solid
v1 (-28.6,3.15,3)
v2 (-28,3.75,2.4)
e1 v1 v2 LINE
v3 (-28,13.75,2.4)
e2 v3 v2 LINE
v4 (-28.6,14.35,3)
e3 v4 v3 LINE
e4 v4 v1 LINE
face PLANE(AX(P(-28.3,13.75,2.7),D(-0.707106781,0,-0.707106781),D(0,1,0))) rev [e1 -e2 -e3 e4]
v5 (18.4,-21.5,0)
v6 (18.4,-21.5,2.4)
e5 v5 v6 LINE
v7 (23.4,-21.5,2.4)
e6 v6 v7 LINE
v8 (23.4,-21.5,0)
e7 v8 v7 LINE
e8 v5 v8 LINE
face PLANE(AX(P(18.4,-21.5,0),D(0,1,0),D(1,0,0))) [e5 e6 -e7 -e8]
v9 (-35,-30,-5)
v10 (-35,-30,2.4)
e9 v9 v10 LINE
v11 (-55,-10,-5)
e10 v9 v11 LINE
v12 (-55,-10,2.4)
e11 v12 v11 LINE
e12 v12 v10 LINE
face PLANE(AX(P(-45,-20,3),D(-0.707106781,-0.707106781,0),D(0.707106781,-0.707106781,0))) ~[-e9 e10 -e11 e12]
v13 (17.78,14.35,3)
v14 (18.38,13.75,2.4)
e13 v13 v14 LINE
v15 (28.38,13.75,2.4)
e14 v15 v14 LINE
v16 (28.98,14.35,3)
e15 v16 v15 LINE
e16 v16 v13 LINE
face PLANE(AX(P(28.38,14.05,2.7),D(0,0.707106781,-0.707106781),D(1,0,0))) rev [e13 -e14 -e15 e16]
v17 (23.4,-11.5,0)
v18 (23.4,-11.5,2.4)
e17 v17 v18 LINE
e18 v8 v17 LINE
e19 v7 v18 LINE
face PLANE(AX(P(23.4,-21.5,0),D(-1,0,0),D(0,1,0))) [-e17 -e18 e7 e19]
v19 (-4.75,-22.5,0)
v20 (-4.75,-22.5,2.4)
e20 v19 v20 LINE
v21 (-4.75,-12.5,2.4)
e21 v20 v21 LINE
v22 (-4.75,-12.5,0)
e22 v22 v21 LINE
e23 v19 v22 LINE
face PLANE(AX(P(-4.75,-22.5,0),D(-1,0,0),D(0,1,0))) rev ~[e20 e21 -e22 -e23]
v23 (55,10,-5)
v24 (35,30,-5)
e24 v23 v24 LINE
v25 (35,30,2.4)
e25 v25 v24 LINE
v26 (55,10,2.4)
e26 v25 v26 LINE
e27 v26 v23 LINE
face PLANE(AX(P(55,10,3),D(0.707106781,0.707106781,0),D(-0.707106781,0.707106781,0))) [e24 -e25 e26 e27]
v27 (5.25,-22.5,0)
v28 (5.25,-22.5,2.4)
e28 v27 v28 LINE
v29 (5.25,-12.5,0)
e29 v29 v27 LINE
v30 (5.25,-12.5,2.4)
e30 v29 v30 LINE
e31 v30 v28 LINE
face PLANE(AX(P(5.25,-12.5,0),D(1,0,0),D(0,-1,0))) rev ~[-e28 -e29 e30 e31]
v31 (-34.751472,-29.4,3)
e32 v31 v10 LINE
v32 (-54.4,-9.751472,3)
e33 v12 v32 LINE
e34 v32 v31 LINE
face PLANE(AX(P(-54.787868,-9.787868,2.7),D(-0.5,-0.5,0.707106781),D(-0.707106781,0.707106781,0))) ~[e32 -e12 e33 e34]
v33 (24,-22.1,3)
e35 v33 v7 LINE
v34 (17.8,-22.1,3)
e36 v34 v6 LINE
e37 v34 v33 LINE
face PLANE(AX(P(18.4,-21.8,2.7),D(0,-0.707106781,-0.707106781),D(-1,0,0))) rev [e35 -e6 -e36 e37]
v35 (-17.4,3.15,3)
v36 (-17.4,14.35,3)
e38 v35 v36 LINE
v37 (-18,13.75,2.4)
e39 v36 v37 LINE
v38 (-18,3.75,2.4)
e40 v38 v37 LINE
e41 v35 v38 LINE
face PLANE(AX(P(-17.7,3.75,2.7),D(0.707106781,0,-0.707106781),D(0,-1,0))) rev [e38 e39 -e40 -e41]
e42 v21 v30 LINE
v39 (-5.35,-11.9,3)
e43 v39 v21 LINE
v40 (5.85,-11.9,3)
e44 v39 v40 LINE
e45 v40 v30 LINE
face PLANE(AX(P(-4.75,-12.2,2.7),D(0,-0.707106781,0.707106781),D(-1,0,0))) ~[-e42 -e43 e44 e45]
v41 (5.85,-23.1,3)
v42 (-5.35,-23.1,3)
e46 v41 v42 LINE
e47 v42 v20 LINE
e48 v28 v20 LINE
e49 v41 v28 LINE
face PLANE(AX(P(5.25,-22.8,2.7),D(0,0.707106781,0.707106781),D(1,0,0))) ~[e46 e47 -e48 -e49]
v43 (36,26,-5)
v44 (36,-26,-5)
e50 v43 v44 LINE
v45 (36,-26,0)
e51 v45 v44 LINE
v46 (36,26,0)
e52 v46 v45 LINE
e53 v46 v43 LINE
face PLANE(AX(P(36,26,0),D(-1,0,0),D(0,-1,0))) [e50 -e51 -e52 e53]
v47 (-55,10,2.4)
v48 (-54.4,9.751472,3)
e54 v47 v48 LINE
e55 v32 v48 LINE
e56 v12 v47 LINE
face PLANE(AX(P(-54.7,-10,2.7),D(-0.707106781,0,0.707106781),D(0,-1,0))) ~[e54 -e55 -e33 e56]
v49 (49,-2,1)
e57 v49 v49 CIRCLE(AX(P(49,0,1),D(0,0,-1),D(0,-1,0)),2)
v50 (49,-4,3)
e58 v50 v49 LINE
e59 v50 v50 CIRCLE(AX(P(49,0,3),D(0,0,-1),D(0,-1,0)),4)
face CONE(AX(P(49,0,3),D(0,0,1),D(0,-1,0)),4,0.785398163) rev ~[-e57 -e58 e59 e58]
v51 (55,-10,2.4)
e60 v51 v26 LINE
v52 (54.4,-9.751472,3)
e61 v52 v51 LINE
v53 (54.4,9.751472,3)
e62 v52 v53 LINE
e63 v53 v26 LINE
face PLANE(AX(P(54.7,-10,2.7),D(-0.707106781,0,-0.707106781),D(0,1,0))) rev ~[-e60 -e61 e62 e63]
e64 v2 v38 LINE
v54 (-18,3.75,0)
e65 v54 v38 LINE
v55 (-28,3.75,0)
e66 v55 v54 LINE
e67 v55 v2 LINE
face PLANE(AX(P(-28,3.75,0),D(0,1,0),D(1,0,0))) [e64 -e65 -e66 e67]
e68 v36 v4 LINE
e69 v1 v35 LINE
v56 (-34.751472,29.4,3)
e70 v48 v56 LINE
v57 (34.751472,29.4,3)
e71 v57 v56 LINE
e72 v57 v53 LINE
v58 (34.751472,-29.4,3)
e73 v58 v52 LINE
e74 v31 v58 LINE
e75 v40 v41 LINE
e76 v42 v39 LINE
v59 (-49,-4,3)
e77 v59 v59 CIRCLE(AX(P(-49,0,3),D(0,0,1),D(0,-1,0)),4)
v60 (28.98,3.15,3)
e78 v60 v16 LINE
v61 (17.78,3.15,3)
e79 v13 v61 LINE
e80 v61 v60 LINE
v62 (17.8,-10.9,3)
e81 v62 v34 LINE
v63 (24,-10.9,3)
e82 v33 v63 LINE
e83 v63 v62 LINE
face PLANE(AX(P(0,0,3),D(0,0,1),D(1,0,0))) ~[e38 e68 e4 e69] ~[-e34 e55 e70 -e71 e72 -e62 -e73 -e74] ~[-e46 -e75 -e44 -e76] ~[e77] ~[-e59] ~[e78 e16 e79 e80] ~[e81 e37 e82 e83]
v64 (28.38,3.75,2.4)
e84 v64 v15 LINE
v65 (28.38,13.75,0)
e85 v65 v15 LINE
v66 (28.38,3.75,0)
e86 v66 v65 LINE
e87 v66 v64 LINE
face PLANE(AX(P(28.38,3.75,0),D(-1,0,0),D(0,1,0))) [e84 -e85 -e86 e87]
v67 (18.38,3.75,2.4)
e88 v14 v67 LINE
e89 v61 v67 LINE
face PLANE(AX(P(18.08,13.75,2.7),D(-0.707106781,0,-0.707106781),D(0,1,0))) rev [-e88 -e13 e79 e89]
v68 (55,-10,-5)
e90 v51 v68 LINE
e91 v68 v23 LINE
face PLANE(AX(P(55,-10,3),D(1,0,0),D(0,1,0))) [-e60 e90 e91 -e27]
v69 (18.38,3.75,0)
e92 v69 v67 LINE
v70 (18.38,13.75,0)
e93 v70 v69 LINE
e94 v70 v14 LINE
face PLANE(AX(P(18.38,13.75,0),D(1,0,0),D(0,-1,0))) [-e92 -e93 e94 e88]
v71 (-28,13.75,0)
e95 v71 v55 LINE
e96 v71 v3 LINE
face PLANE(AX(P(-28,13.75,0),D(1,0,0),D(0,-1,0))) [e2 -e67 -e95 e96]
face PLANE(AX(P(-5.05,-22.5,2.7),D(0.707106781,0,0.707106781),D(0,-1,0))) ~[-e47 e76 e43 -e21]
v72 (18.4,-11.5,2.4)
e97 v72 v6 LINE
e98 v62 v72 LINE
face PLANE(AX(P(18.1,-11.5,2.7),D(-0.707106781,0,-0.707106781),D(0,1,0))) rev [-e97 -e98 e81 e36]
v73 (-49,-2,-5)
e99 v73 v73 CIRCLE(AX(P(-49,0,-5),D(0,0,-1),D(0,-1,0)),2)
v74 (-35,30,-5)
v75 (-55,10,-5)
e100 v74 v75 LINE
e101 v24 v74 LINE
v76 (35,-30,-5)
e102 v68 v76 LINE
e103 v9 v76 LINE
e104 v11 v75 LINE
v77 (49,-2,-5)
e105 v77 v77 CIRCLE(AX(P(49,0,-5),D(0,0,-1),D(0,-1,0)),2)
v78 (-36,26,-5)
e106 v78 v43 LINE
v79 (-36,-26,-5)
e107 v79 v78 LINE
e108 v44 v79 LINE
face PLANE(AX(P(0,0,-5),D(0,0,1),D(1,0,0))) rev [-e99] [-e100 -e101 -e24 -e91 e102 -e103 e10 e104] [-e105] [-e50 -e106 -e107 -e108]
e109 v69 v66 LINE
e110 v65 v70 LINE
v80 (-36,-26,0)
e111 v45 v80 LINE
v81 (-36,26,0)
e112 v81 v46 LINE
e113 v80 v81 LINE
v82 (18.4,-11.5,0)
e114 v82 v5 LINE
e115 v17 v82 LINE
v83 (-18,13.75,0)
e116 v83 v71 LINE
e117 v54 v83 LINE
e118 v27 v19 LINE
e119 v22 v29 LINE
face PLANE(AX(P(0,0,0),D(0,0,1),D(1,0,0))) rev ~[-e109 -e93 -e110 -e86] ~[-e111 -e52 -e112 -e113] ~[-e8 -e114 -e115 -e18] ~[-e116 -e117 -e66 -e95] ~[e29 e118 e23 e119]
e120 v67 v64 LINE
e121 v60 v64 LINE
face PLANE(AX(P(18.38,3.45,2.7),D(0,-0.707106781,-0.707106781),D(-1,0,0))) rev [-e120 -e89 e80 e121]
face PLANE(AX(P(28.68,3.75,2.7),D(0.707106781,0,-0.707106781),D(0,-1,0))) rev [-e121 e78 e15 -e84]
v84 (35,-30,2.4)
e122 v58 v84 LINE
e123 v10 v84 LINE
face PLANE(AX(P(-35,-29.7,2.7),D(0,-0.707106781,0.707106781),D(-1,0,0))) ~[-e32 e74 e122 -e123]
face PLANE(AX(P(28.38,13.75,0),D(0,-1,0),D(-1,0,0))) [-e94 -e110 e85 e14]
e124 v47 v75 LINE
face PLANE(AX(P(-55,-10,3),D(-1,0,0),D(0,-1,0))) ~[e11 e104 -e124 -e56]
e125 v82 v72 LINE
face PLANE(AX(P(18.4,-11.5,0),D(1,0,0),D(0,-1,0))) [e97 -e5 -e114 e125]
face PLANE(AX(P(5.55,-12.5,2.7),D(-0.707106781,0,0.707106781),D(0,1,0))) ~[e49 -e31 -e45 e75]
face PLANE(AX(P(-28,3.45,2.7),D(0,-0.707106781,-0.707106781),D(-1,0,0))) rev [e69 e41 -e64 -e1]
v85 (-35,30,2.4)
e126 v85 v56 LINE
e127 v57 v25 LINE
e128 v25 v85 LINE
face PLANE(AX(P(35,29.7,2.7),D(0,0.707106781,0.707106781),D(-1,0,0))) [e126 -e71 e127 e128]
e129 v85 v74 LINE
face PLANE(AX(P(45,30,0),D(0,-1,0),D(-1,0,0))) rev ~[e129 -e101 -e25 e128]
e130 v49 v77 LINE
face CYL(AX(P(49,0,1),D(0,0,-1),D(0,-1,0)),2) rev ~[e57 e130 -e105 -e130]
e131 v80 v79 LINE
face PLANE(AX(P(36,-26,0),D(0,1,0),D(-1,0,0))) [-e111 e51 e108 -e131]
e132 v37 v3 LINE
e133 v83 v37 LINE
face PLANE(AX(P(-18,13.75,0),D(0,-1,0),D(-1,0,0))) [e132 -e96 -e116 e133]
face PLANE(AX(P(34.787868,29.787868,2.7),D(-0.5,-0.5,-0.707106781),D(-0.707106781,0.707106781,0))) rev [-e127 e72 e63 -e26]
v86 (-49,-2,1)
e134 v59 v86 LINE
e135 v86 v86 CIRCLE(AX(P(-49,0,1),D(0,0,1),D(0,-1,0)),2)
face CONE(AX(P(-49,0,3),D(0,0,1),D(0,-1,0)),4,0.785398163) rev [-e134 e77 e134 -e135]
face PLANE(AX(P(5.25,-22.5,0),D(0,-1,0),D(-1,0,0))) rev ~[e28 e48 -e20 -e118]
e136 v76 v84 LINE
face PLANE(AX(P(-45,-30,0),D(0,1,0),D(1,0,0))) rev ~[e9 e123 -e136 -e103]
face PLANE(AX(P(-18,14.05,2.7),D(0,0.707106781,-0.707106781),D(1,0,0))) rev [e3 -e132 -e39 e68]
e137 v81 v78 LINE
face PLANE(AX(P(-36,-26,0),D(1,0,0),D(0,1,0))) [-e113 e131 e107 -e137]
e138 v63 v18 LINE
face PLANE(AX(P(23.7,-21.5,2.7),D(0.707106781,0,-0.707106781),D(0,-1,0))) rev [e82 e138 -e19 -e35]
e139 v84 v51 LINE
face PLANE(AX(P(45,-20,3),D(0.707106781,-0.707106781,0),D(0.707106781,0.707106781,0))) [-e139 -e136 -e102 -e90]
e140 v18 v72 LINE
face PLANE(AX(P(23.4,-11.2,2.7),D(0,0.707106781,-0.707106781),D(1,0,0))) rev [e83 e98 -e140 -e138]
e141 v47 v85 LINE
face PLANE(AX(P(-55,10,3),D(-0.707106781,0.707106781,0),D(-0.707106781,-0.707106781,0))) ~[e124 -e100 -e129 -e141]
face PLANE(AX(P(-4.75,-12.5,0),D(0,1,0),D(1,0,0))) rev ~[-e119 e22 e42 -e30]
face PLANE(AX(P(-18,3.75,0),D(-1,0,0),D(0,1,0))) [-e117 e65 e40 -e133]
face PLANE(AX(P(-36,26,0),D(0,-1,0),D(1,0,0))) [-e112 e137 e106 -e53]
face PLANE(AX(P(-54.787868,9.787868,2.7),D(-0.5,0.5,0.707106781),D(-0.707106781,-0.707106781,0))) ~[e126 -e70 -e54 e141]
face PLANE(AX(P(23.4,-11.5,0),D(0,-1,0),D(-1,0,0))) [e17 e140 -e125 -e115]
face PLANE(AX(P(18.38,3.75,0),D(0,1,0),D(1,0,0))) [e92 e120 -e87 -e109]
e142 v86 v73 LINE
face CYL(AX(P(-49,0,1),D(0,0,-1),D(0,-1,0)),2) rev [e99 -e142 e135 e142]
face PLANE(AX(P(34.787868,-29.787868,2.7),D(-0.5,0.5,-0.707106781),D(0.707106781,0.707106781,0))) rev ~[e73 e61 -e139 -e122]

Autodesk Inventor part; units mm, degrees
ref_plane "YZ Plane" through (0, 0, 0) normal (1, 0, 0) x (0, 1, 0)
ref_plane "XZ Plane" through (0, 0, 0) normal (0, 1, 0) x (-1, 0, 0)
ref_plane "XY Plane" through (0, 0, 0) normal (0, 0, 1) x (1, 0, 0)
sketch "Sketch1" plane through (0, 0, 0) normal (0, 0, 1) x (1, 0, 0)
  line L0 (-28, 3.75) -> (-18, 3.75)
  line L1 (-18, 3.75) -> (-18, 13.75)
  line L2 (-18, 13.75) -> (-28, 13.75)
  line L3 (-28, 13.75) -> (-28, 3.75)
  line L4 (-28, 3.75) -> (-18, 13.75) construction
  line L5 (-18, 3.75) -> (-28, 13.75) construction
  line L6 (18.38, 3.75) -> (28.38, 3.75)
  line L7 (28.38, 3.75) -> (28.38, 13.75)
  line L8 (28.38, 13.75) -> (18.38, 13.75)
  line L9 (18.38, 13.75) -> (18.38, 3.75)
  line L10 (18.38, 3.75) -> (28.38, 13.75) construction
  line L11 (28.38, 3.75) -> (18.38, 13.75) construction
  line L12 (-4.75, -12.5) -> (5.25, -12.5)
  line L13 (5.25, -12.5) -> (5.25, -22.5)
  line L14 (5.25, -22.5) -> (-4.75, -22.5)
  line L15 (-4.75, -22.5) -> (-4.75, -12.5)
  line L16 (-4.75, -12.5) -> (5.25, -22.5) construction
  line L17 (5.25, -12.5) -> (-4.75, -22.5) construction
  circle A0 centre (-23, 8.75) radius 1.925 construction
  circle A1 centre (23.38, 8.75) radius 1.925 construction
  circle A2 centre (0.25, -17.5) radius 1.925 construction
  line L18 (21.5954, -14.7725) -> (21.5954, -18.3725) construction
  line L19 (19.9954, -14.7725) -> (21.5954, -14.7725) construction
  line L20 (19.9954, -18.3725) -> (19.9954, -14.7725) construction
  line L21 (21.5954, -18.3725) -> (19.9954, -18.3725) construction
  line L22 (21.5454, -18.3225) -> (20.0454, -18.3225) construction
  line L23 (20.0454, -18.3225) -> (20.0454, -16.8225) construction
  line L24 (20.0454, -16.8225) -> (21.5454, -16.8225) construction
  line L25 (21.5454, -16.8225) -> (21.5454, -18.3225) construction
  line L26 (18.4, -21.5) -> (23.4, -21.5)
  line L27 (23.4, -21.5) -> (23.4, -11.5)
  line L28 (23.4, -11.5) -> (18.4, -11.5)
  line L29 (18.4, -11.5) -> (18.4, -21.5)
  line L30 (18.4, -21.5) -> (23.4, -11.5) construction
  line L31 (23.4, -21.5) -> (18.4, -11.5) construction
  circle A3 centre (22.55, -16.5) radius 0.45 construction
  circle A4 centre (19.25, -16.5) radius 0.45 construction
  line L32 (19.25, -16.5) -> (22.55, -16.5) construction
  line L33 (-45, -30) -> (45, -30)
  line L34 (45, -30) -> (45, 30)
  line L35 (45, 30) -> (-45, 30)
  line L36 (-45, 30) -> (-45, -30)
  line L37 (-45, -30) -> (45, 30) construction
  line L38 (45, -30) -> (-45, 30) construction
  line L39 (-30, 25) -> (30, 25) projected
  line L40 (35, 20) -> (35, -20) projected
  point P0 (0, 0)
  point P1 (23.38, 8.75)
  point P2 (0.25, -17.5)
  point P3 (20.9, -16.5)
  point P4 (20.9, -16.5)
  dimension "d0" = 10
  dimension "d3" = 5
  dimension "d4" = 10
  dimension "d5" = 10
  dimension "d6" = 5
extrude "Extrusion1" add sketch "Sketch1" along normal blind 3
sketch "Sketch2" plane through (0, 0, 0) normal (0, 0, -1) x (-1, 0, 0)
  line L0 (36, 26) -> (-36, 26)
  line L1 (-36, 26) -> (-36, -26)
  line L2 (-36, -26) -> (36, -26)
  line L3 (36, -26) -> (36, 26)
  line L4 (36, 26) -> (-36, -26) construction
  line L5 (-36, 26) -> (36, -26) construction
  line L6 (-30, -25) -> (30, -25) projected
  line L7 (35, -20) -> (35, 20) projected
  line L8 (-45, -30) -> (-45, 30) projected
  line L9 (45, -30) -> (-45, -30) projected
  line L10 (45, 30) -> (45, -30) projected
  line L11 (-45, 30) -> (45, 30) projected
  line L12 (-18.4, -21.5) -> (-18.4, -11.5) projected
  line L13 (-23.4, -21.5) -> (-18.4, -21.5) projected
  line L14 (-23.4, -11.5) -> (-23.4, -21.5) projected
  line L15 (-18.4, -11.5) -> (-23.4, -11.5) projected
  line L16 (4.75, -12.5) -> (-5.25, -12.5) projected
  line L17 (4.75, -22.5) -> (4.75, -12.5) projected
  line L18 (-5.25, -22.5) -> (4.75, -22.5) projected
  line L19 (-5.25, -12.5) -> (-5.25, -22.5) projected
  line L20 (-18.38, 3.75) -> (-18.38, 13.75) projected
  line L21 (-28.38, 3.75) -> (-18.38, 3.75) projected
  line L22 (-28.38, 13.75) -> (-28.38, 3.75) projected
  line L23 (-18.38, 13.75) -> (-28.38, 13.75) projected
  line L24 (28, 3.75) -> (28, 13.75) projected
  line L25 (18, 3.75) -> (28, 3.75) projected
  line L26 (18, 13.75) -> (18, 3.75) projected
  line L27 (28, 13.75) -> (18, 13.75) projected
  point P0 (0, 0)
  dimension "d9" = 1
  dimension "d10" = 1
extrude "Extrusion2" add sketch "Sketch2" along normal blind 5 contours L8 L11 L10 L9
chamfer "Chamfer1" distance 10 angle 45 4 edges at (-45, -30, -1) (45, -30, -1) (45, 30, -1) (-45, 30, -1)
sketch "Sketch3" plane through (0, 0, 3) normal (0, 0, 1) x (1, 0, 0)
  line L0 (45, -20) -> (45, 20) projected
  line L1 (45, -20) -> (55, -10)
  line L2 (55, -10) -> (55, 10)
  line L3 (55, 10) -> (45, 20)
  line L4 (45, -20) -> (35, -30) projected
  line L5 (35, 30) -> (45, 20) projected
  line L6 (-65, 0) -> (75, 0) construction
  point P0 (0, 0)
  point P1 (49, 0)
  dimension "d16" = 10
  dimension "d17" = 6
extrude "Extrusion3" add sketch "Sketch3" against normal up to surface (8 mm away)
hole "Hole1" at (49, 0, 3) direction (0, 0, -1) diameter 4 end through all countersink diameter 8 countersink angle 90
mirror "Mirror1" about plane through (0, 0, 0) normal (1, 0, 0) of "Extrusion3", "Hole1"
chamfer "Chamfer2" distance 0.6 angle 45 24 edges at (45, -20, 3) (55, 0, 3) (45, 20, 3) (0, 30, 3) (-45, 20, 3) (-55, 0, 3) (-45, -20, 3) (0, -30, 3) (-28, 8.75, 3) (-23, 3.75, 3) (-18, 8.75, 3) (-23, 13.75, 3) (23.38, 13.75, 3) (28.38, 8.75, 3) (23.38, 3.75, 3) (18.38, 8.75, 3) (20.9, -11.5, 3) (18.4, -16.5, 3) (20.9, -21.5, 3) (23.4, -16.5, 3) (5.25, -17.5, 3) (0.25, -22.5, 3) (-4.75, -17.5, 3) (0.25, -12.5, 3)
properties part number "_3DPrint"
